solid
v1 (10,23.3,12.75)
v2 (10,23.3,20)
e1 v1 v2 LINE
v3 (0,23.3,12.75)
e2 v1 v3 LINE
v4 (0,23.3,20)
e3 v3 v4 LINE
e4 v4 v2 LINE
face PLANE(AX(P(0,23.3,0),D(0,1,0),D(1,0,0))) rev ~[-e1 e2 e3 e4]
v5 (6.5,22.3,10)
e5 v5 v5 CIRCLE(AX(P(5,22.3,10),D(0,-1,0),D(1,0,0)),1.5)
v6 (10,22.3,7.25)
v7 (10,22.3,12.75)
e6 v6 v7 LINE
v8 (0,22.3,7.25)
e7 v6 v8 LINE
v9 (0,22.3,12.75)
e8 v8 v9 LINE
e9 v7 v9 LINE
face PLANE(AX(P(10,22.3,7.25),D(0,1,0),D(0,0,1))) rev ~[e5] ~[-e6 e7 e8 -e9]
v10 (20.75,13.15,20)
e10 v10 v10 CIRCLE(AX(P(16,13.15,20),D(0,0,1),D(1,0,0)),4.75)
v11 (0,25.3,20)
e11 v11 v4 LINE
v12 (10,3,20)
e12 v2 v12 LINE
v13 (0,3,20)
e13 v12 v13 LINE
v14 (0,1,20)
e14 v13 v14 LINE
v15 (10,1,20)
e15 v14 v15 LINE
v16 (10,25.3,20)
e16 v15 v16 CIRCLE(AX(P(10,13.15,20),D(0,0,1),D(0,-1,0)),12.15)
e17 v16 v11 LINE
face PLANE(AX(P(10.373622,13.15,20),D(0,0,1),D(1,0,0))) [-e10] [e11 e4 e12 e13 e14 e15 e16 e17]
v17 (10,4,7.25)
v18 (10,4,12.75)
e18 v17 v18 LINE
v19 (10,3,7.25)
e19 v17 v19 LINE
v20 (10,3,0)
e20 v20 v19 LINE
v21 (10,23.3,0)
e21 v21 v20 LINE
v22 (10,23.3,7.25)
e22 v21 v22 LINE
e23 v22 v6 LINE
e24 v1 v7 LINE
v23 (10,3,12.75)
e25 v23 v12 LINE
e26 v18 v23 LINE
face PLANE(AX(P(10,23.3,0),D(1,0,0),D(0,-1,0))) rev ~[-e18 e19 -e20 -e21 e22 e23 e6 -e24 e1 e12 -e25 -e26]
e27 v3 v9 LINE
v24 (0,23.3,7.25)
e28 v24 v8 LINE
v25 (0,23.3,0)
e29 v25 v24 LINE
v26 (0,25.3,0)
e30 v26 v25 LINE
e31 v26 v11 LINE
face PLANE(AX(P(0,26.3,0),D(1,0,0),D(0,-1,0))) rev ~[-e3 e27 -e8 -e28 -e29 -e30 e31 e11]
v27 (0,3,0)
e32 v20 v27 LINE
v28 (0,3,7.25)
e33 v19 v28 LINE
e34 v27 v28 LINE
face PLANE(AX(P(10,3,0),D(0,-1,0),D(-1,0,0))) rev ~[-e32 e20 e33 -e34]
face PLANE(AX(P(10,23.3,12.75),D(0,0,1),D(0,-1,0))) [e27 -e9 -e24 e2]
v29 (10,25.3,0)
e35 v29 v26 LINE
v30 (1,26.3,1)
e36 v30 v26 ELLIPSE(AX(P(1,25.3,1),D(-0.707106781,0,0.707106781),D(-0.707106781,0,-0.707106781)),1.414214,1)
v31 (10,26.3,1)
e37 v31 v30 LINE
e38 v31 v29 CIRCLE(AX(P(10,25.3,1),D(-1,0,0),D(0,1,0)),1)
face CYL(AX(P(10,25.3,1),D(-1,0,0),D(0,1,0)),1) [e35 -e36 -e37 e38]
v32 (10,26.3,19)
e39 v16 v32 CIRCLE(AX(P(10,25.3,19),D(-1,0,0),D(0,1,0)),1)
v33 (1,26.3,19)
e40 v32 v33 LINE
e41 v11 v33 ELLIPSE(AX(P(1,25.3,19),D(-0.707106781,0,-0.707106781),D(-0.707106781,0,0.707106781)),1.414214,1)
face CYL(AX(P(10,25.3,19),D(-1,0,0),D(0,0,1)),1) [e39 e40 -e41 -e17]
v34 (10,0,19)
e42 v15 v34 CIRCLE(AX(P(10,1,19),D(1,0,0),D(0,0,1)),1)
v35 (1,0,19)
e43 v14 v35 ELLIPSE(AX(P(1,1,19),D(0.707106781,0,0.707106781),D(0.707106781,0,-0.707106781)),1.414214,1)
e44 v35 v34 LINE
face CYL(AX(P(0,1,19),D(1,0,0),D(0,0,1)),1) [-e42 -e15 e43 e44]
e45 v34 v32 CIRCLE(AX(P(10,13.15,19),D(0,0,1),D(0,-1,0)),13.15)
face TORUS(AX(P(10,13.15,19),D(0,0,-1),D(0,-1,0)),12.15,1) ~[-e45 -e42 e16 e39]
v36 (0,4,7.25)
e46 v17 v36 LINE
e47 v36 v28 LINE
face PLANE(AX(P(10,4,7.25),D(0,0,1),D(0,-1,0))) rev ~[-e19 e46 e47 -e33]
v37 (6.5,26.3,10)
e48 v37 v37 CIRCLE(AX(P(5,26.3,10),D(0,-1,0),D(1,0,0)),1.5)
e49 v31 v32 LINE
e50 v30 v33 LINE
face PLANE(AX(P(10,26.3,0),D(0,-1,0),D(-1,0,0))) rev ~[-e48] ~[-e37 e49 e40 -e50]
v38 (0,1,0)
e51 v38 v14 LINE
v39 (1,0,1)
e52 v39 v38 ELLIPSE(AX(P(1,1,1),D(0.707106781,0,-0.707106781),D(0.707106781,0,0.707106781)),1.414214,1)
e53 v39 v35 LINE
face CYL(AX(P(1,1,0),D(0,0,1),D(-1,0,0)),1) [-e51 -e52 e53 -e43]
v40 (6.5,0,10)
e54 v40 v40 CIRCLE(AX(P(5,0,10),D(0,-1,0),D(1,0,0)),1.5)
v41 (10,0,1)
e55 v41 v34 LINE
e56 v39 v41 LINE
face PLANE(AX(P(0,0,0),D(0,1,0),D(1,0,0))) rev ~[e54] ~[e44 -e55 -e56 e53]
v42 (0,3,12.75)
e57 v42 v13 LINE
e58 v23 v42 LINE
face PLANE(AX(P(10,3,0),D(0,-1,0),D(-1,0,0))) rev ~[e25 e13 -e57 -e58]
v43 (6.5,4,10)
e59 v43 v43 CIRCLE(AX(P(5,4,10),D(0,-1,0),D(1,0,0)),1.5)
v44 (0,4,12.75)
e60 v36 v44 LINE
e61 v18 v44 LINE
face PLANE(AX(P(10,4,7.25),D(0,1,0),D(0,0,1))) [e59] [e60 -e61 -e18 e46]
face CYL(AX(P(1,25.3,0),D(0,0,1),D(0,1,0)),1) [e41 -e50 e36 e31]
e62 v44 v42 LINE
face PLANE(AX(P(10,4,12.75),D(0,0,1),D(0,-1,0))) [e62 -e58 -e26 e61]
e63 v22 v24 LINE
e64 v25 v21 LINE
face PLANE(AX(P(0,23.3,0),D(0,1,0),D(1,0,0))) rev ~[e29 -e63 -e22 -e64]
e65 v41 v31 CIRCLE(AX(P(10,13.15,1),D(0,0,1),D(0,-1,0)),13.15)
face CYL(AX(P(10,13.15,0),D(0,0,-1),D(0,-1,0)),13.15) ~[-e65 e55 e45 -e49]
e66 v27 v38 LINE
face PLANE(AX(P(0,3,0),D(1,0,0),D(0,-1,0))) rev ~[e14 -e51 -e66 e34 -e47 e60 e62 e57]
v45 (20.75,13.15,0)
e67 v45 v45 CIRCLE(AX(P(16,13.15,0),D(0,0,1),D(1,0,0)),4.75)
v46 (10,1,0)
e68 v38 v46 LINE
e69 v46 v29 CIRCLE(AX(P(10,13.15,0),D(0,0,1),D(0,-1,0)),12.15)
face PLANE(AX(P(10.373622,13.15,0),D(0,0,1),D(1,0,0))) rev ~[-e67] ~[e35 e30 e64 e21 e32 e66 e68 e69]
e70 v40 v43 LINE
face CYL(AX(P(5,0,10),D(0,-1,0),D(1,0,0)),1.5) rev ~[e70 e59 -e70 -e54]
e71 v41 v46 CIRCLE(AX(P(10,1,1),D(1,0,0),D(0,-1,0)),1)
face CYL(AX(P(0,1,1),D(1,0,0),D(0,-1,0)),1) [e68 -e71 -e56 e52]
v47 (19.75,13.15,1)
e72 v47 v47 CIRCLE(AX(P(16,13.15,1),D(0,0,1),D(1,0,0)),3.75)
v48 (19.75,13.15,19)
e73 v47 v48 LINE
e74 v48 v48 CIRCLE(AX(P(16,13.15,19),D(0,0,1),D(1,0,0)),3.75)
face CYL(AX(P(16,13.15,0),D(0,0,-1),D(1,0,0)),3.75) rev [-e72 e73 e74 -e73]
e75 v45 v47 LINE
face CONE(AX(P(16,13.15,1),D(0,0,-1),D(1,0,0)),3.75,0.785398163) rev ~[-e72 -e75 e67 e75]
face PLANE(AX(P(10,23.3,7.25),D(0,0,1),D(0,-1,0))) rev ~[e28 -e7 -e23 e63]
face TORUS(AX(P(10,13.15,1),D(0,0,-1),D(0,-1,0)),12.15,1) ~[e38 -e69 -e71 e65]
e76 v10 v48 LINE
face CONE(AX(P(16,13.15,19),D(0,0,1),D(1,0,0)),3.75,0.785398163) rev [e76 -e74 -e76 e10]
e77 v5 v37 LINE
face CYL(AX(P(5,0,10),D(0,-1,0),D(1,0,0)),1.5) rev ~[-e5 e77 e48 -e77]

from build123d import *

# Parameters (mm, degrees)
F0_R     = 3.75
F1_DEPTH = 20
F2_W     = 1
F2_H     = 5.5
F3_DEPTH = 10
F4_R     = 1.5
F5_DEPTH = 26.301
F6_SIZE  = 1
F7_R     = 1


with BuildPart() as f1:
    # F0 (on Top) → F1 (new body)
    with BuildSketch(Plane.XY):
        with BuildLine():
            Line((0, 3), (0, 0))
            Line((0, 0), (10, 0))
            ThreePointArc((10, 0), (23.15, 13.15), (10, 26.3))
            Line((10, 26.3), (0, 26.3))
            Line((0, 26.3), (0, 23.3))
            Line((0, 23.3), (10, 23.3))
            Line((10, 23.3), (10, 3))
            Line((10, 3), (0, 3))
        make_face()
        with Locations((16, 13.15)):
            Circle(F0_R, mode=Mode.SUBTRACT)
    extrude(amount=F1_DEPTH)

    # F2 (on face) → F3 (join, through all)
    with BuildSketch(Plane(origin=(10, 0, 0), x_dir=(0, -1, 0), z_dir=(-1, 0, 0))):
        with Locations((-22.8, 10)):
            Rectangle(F2_W, F2_H)
        with Locations((-3.5, 10)):
            Rectangle(F2_W, F2_H)
    extrude(amount=F3_DEPTH)

    # F4 (on face) → F5 (cut, through all)
    with BuildSketch(Plane.XZ):
        with Locations((5, 10)):
            Circle(F4_R)
    extrude(amount=-F5_DEPTH, mode=Mode.SUBTRACT)

    # F6
    f6_edges = [f1.edges().sort_by_distance(p)[0] for p in [
        (12.25, 13.15, 20),
        (12.25, 13.15, 0),
    ]]
    chamfer(f6_edges, length=F6_SIZE)

    # F7
    f7_edges = [f1.edges().sort_by_distance(p)[0] for p in [
        (23.15, 13.15, 20),
        (23.15, 13.15, 0),
        (0, 0, 10),
        (0, 26.3, 10),
    ]]
    fillet(f7_edges, radius=F7_R)


solid = f1.part
